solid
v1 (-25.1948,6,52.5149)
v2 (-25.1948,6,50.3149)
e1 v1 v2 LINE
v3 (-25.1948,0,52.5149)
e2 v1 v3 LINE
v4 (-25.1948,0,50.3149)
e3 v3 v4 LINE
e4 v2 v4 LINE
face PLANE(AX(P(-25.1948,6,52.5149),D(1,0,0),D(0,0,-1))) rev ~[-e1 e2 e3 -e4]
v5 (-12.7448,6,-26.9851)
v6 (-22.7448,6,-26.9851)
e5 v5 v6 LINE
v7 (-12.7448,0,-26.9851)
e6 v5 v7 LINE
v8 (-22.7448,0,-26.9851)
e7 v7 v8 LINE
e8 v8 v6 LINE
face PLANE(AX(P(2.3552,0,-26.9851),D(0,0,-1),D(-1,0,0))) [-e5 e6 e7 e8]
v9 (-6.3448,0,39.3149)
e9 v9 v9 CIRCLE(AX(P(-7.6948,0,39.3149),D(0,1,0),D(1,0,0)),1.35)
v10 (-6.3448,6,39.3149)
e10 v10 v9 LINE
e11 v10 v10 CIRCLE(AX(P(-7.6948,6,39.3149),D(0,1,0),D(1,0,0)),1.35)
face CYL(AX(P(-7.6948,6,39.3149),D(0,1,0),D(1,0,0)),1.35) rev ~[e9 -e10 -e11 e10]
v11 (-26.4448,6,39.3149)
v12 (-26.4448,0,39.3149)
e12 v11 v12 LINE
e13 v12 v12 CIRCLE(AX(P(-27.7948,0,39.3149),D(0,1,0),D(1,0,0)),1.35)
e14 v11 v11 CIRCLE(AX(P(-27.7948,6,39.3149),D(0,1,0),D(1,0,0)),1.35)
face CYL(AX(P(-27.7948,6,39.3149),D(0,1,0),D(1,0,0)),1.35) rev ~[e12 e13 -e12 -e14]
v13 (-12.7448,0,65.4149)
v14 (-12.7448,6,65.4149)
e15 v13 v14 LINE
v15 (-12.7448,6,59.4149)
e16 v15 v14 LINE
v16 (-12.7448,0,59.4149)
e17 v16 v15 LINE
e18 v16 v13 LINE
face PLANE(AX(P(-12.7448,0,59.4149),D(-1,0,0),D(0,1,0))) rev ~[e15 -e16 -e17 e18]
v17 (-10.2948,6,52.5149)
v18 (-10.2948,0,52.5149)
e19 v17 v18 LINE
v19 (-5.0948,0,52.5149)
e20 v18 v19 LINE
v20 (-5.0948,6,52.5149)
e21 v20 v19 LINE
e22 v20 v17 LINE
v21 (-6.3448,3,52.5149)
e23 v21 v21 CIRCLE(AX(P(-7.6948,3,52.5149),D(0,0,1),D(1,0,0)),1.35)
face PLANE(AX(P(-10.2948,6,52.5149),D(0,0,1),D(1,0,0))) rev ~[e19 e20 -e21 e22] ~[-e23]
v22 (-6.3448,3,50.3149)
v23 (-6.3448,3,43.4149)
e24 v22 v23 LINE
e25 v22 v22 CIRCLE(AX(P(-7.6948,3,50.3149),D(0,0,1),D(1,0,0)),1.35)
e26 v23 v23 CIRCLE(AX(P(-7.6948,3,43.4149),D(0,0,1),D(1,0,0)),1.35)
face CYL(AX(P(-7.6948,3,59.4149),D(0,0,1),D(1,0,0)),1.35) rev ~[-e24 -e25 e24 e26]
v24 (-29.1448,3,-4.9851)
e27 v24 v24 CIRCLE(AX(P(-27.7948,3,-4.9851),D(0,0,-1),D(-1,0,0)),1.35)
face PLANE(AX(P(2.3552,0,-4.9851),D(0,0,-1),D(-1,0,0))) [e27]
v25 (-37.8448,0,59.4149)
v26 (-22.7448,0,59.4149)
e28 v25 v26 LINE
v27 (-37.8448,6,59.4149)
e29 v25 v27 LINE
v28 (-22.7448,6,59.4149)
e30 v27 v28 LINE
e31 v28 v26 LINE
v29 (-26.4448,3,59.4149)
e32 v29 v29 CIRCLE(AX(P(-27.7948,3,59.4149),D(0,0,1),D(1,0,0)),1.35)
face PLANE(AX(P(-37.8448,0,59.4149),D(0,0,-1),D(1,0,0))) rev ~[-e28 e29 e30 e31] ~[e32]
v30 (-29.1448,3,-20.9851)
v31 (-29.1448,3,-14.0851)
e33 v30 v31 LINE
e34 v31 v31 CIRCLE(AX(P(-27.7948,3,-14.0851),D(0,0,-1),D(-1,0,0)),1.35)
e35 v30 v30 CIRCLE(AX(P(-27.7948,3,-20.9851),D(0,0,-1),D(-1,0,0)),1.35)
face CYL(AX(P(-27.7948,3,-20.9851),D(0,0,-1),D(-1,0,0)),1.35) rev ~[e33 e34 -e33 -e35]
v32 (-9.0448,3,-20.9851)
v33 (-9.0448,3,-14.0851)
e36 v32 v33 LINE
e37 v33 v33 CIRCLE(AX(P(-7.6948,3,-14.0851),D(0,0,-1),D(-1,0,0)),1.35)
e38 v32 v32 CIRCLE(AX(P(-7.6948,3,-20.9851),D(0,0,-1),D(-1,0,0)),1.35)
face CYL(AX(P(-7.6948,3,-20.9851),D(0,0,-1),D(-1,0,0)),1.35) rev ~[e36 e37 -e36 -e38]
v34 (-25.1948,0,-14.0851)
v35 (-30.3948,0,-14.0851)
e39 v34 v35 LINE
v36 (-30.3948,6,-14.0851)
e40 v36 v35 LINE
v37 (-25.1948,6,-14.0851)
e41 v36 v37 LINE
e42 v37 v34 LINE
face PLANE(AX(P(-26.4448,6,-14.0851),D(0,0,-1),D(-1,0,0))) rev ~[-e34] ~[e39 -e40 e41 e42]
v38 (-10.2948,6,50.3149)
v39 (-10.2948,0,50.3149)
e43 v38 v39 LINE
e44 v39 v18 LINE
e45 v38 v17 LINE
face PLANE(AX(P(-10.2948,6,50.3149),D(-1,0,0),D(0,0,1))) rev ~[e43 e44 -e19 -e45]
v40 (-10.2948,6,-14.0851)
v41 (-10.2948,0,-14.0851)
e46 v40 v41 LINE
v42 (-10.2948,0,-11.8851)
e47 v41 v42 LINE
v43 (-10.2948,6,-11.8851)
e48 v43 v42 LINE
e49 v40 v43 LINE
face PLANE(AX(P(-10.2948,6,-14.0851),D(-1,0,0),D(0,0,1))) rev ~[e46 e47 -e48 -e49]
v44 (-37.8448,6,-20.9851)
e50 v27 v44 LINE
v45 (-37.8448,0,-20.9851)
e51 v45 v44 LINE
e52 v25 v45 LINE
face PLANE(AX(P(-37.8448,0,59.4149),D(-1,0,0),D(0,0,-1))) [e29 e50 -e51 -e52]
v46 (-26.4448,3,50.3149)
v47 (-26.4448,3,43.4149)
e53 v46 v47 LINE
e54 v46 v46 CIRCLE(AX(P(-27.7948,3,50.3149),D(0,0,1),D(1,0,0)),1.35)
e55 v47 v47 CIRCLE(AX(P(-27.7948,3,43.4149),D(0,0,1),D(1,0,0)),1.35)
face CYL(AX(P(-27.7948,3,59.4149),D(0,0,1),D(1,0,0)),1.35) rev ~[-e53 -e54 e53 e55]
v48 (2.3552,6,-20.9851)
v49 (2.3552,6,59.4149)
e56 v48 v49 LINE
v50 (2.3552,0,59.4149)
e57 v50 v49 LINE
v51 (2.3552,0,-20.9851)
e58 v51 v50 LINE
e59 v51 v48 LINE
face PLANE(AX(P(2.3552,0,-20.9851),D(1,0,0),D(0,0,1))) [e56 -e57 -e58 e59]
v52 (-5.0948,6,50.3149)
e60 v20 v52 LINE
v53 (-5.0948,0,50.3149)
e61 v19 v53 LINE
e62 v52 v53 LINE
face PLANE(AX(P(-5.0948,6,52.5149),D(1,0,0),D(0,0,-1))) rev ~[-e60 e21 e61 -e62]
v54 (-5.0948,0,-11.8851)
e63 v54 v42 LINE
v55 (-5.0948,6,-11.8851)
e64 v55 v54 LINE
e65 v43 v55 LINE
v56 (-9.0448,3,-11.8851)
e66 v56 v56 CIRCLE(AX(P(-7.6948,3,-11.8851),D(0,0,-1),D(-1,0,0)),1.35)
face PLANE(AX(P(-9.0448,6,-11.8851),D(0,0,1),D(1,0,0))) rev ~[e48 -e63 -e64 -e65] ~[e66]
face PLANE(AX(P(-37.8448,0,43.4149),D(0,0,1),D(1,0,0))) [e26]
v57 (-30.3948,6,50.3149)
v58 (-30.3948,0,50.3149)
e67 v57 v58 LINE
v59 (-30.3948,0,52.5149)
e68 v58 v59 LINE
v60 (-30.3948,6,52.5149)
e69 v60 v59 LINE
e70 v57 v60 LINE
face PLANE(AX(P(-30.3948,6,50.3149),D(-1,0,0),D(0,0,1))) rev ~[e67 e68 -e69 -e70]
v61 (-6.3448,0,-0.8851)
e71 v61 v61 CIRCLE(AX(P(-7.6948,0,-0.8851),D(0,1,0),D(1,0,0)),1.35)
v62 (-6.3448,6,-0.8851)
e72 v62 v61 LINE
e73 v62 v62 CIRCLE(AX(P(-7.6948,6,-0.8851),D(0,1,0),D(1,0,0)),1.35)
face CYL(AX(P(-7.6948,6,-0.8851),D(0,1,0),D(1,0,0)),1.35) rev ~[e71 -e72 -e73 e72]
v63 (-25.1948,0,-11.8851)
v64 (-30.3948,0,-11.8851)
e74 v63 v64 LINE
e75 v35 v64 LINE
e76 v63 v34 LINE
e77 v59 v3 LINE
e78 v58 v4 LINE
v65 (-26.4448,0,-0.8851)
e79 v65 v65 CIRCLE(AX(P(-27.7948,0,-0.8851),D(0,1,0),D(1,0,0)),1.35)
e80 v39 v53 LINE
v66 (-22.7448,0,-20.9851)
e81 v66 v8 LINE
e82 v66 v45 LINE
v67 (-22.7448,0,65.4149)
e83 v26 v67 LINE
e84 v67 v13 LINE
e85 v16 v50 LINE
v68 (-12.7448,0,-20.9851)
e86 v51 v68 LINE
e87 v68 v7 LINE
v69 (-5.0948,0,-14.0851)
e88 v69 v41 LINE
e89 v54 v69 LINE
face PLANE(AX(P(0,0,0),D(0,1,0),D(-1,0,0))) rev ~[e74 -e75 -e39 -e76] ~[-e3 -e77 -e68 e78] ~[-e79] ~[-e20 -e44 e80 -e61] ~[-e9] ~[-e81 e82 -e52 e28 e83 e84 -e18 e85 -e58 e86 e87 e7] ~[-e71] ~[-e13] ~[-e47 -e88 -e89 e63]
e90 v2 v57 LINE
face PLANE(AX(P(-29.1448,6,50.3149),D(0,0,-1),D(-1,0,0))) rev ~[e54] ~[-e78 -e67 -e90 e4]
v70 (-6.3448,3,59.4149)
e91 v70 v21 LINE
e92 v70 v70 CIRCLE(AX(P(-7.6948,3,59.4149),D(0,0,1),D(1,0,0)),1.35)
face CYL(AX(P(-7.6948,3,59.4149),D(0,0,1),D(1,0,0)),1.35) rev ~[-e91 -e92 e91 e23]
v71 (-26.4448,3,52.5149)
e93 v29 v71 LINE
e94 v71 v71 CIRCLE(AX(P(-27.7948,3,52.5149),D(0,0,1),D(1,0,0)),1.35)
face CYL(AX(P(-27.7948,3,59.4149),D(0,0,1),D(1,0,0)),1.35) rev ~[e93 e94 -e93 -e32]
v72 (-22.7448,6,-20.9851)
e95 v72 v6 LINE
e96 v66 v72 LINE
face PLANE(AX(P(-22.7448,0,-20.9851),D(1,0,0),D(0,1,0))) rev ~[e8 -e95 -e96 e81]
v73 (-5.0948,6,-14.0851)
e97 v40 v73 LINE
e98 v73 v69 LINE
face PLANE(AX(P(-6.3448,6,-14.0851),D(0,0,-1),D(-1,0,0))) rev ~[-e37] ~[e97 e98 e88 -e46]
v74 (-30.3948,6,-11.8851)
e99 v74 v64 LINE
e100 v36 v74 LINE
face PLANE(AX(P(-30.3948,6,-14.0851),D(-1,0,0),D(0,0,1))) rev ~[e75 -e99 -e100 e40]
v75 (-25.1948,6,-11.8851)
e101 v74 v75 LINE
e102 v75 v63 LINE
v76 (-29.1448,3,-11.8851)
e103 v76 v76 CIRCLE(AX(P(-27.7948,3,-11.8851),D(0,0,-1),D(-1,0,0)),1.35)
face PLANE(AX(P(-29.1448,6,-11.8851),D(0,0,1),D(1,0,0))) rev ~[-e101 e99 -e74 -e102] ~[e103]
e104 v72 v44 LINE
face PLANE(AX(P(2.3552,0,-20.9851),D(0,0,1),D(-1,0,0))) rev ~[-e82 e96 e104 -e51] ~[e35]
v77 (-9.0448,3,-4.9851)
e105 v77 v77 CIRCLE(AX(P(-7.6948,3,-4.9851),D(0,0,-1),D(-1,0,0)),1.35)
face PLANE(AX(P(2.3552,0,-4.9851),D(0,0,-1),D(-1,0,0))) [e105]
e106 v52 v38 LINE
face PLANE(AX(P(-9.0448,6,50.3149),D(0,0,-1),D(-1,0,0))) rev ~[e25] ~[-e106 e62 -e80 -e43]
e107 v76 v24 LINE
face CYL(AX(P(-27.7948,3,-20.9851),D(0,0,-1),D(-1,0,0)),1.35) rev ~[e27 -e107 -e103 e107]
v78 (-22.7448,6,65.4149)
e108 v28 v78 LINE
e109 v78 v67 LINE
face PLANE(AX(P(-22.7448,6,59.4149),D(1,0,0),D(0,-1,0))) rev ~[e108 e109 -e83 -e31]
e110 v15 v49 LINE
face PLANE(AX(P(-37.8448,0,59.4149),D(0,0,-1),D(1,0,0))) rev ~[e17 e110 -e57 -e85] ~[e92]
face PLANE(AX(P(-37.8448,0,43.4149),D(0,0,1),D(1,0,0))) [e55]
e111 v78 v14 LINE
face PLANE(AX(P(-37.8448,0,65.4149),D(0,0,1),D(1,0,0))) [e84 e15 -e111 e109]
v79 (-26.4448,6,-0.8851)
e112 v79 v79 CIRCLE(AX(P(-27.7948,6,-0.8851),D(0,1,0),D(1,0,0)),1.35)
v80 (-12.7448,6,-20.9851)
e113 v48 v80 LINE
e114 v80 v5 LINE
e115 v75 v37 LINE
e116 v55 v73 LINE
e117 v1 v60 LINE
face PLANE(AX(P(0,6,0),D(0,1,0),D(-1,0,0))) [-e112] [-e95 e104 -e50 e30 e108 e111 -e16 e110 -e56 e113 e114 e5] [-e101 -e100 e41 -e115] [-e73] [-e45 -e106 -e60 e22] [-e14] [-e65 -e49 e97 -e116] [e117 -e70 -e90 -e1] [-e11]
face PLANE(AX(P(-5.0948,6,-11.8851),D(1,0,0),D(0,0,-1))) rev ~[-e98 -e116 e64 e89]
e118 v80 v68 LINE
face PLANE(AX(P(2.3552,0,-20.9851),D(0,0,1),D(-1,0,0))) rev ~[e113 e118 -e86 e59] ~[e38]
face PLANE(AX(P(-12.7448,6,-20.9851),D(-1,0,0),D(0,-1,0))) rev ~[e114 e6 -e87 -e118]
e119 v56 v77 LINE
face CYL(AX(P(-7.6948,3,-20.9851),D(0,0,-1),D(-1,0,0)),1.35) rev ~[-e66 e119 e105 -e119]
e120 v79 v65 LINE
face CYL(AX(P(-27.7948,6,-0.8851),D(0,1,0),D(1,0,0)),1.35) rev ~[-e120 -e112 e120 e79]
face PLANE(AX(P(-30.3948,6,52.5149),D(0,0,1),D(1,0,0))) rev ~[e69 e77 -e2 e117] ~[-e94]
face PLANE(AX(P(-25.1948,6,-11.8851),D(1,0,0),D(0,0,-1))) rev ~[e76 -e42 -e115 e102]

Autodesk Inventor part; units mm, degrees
ref_plane "YZ Plane" through (0, 0, 0) normal (1, 0, 0) x (0, 1, 0)
ref_plane "XZ Plane" through (0, 0, 0) normal (0, 1, 0) x (-1, 0, 0)
ref_plane "XY Plane" through (0, 0, 0) normal (0, 0, 1) x (1, 0, 0)
sketch "스케치1" plane through (0, 0, 0) normal (0, 1, 0) x (-1, 0, 0)
  circle A0 centre (7.6948, -23.9851) radius 1.45
  circle A1 centre (27.7948, -23.9851) radius 1.45
  line L0 (-2.3552, -20.9851) -> (37.8448, -20.9851)
  line L1 (-2.3552, -20.9851) -> (-2.3552, -26.9851)
  line L2 (37.8448, -26.9851) -> (-2.3552, -26.9851)
  line L3 (37.8448, -20.9851) -> (37.8448, -26.9851)
  circle A2 centre (27.7948, 62.4149) radius 1.45
  circle A3 centre (7.6948, 62.4149) radius 1.45
  line L4 (37.8448, 65.4149) -> (-2.3552, 65.4149)
  line L5 (-2.3552, 65.4149) -> (-2.3552, 59.4149)
  line L6 (37.8448, 59.4149) -> (-2.3552, 59.4149)
  line L7 (37.8448, 65.4149) -> (37.8448, 59.4149)
  line L8 (37.8448, -20.9851) -> (-2.3552, -20.9851)
  line L9 (-2.3552, -20.9851) -> (-2.3552, 59.4149)
  line L10 (-2.3552, 59.4149) -> (37.8448, 59.4149)
  line L11 (37.8448, 59.4149) -> (37.8448, -20.9851)
  point P0 (0, 0)
extrude "돌출1" add sketch "스케치1" along normal blind 6 contours L9 L6 L11 L0
sketch "스케치2" plane through (0, 6, 0) normal (0, 1, 0) x (1, 0, 0)
  line L0 (2.3552, 20.9851) -> (-37.8448, 20.9851) projected
  line L1 (-37.8448, 20.9851) -> (-37.8448, -59.4149) projected
  line L2 (-37.8448, -59.4149) -> (2.3552, -59.4149) projected
  line L3 (2.3552, -59.4149) -> (2.3552, 20.9851) projected
  line L4 (-47.7448, 30.7851) -> (12.2552, -69.2149) construction
  line L5 (12.2552, 30.7851) -> (-47.7448, -69.2149) construction
  circle A0 centre (-7.6948, -39.3149) radius 1.35
  circle A1 centre (-27.7948, -39.3149) radius 1.35
  circle A2 centre (-7.6948, 0.8851) radius 1.35
  circle A3 centre (-27.7948, 0.8851) radius 1.35
  point P0 (0, 0)
  dimension "d2" = 60
  dimension "d3" = 100
  dimension "d4" = 2.7
  dimension "d5" = 2.7
  dimension "d6" = 2.7
  dimension "d27" = 2.7
extrude "돌출2" cut sketch "스케치2" against normal blind 6 contours A0 | A1 | A2 | A3
sketch "스케치3" plane through (-37.8448, 0, 59.4149) normal (0, 0, 1) x (1, 0, 0)
  line L0 (0, 0) -> (40.2, 0) projected
  line L1 (40.2, 0) -> (40.2, 6) projected
  line L2 (0, 6) -> (40.2, 6) projected
  line L3 (0, 0) -> (0, 6) projected
  line L4 (0, 6) -> (10.05, 6)
  line L5 (10.05, 6) -> (30.15, 6)
  circle A0 centre (10.05, 3) radius 1.35
  circle A1 centre (30.15, 3) radius 1.35
  point P0 (37.8448, 0)
  dimension "d9" = 40.2
  dimension "d10" = 6
  dimension "d11" = 10.05
  dimension "d12" = 20.1
  dimension "d13" = 2.7
  dimension "d14" = 2.7
extrude "돌출3" cut sketch "스케치3" against normal blind 16 contours A0 | A1
sketch "스케치4" plane through (2.3552, 0, -20.9851) normal (0, 0, -1) x (-1, 0, 0)
  circle A0 centre (30.15, 3) radius 1.35 projected
  line L0 (11.4, 6) -> (11.4, 0) projected
  circle A1 centre (10.05, 3) radius 1.35 projected
  point P0 (2.3552, 0)
extrude "돌출4" cut sketch "스케치4" against normal blind 16
sketch "스케치5" plane through (0, 6, 0) normal (0, 1, 0) x (1, 0, 0)
  line L0 (-29.1448, 20.9851) -> (-29.1448, 4.9851) projected
  line L1 (-26.4448, 20.9851) -> (-26.4448, 4.9851) projected
  line L2 (-29.1448, 4.9851) -> (-26.4448, 4.9851) projected
  line L3 (-9.0448, 20.9851) -> (-9.0448, 4.9851) projected
  line L4 (-6.3448, 20.9851) -> (-6.3448, 4.9851) projected
  line L5 (-9.0448, 4.9851) -> (-6.3448, 4.9851) projected
  circle A0 centre (-7.6948, 0.8851) radius 1.35 projected
  circle A1 centre (-27.7948, 0.8851) radius 1.35 projected
  circle A2 centre (-7.6948, -39.3149) radius 1.35 projected
  circle A3 centre (-27.7948, -39.3149) radius 1.35 projected
  line L6 (2.3552, 20.9851) -> (-37.8448, 20.9851) projected
  line L7 (-37.8448, 20.9851) -> (-37.8448, -59.4149) projected
  line L8 (-37.8448, -59.4149) -> (2.3552, -59.4149) projected
  line L9 (2.3552, -59.4149) -> (2.3552, 20.9851) projected
  line L10 (-9.0448, -59.4149) -> (-9.0448, -43.4149) projected
  line L11 (-29.1448, -59.4149) -> (-29.1448, -43.4149) projected
  line L12 (-26.4448, -59.4149) -> (-26.4448, -43.4149) projected
  line L13 (-6.3448, -59.4149) -> (-6.3448, -43.4149) projected
  line L14 (-30.3948, -52.5149) -> (-25.1948, -52.5149)
  line L15 (-25.1948, -52.5149) -> (-25.1948, -50.3149)
  line L16 (-25.1948, -50.3149) -> (-30.3948, -50.3149)
  line L17 (-30.3948, -50.3149) -> (-30.3948, -52.5149)
  line L18 (-30.3948, -52.5149) -> (-25.1948, -50.3149) construction
  line L19 (-25.1948, -52.5149) -> (-30.3948, -50.3149) construction
  line L20 (-10.2948, -52.5149) -> (-5.0948, -52.5149)
  line L21 (-5.0948, -52.5149) -> (-5.0948, -50.3149)
  line L22 (-5.0948, -50.3149) -> (-10.2948, -50.3149)
  line L23 (-10.2948, -50.3149) -> (-10.2948, -52.5149)
  line L24 (-10.2948, -52.5149) -> (-5.0948, -50.3149) construction
  line L25 (-5.0948, -52.5149) -> (-10.2948, -50.3149) construction
  line L26 (-30.3948, 11.8851) -> (-25.1948, 11.8851)
  line L27 (-25.1948, 11.8851) -> (-25.1948, 14.0851)
  line L28 (-25.1948, 14.0851) -> (-30.3948, 14.0851)
  line L29 (-30.3948, 14.0851) -> (-30.3948, 11.8851)
  line L30 (-30.3948, 11.8851) -> (-25.1948, 14.0851) construction
  line L31 (-25.1948, 11.8851) -> (-30.3948, 14.0851) construction
  line L32 (-10.2948, 11.8851) -> (-5.0948, 11.8851)
  line L33 (-5.0948, 11.8851) -> (-5.0948, 14.0851)
  line L34 (-5.0948, 14.0851) -> (-10.2948, 14.0851)
  line L35 (-10.2948, 14.0851) -> (-10.2948, 11.8851)
  line L36 (-10.2948, 11.8851) -> (-5.0948, 14.0851) construction
  line L37 (-5.0948, 11.8851) -> (-10.2948, 14.0851) construction
  point P0 (0, 0)
  point P1 (-27.7948, -51.4149)
  point P2 (-7.6948, -51.4149)
  point P3 (-27.7948, 12.9851)
  point P4 (-7.6948, 12.9851)
  dimension "d34" = 5.2
  dimension "d35" = 2.2
  dimension "d36" = 5.2
  dimension "d37" = 2.2
  dimension "d38" = 5.2
  dimension "d39" = 2.2
  dimension "d40" = 5.2
  dimension "d41" = 2.2
extrude "돌출5" cut sketch "스케치5" against normal blind 6 contours L28 L1 L26 L0 | L0 L26 L29 L28 | L28 L27 L26 L1 | L34 L4 L32 L3 | L3 L32 L35 L34 | L34 L33 L32 L4 | L14 L17 L16 L11 | L11 L16 L12 L14 | L12 L16 L15 L14 | L20 L23 L22 L10 | L10 L22 L13 L20 | L13 L22 L21 L20
sketch "스케치6" plane through (-37.8448, 0, 59.4149) normal (0, 0, 1) x (1, 0, 0)
  circle A0 centre (30.15, 3) radius 1.35 projected
  circle A1 centre (10.05, 3) radius 1.35 projected
  line L0 (0, 0) -> (40.2, 0) projected
  line L1 (40.2, 0) -> (40.2, 6) projected
  line L2 (0, 6) -> (40.2, 6) projected
  line L3 (0, 0) -> (0, 6) projected
  line L4 (15.1, 0) -> (25.1, 0)
  line L5 (25.1, 0) -> (25.1, 6)
  line L6 (25.1, 6) -> (15.1, 6)
  line L7 (15.1, 6) -> (15.1, 0)
  line L8 (15.1, 0) -> (25.1, 6) construction
  line L9 (25.1, 0) -> (15.1, 6) construction
  point P0 (37.8448, 0)
  point P1 (20.1, 3)
  dimension "d28" = 10
extrude "돌출6" add sketch "스케치6" along normal blind 6 contours L7 L2 L5 L0
sketch "스케치7" plane through (2.3552, 0, -20.9851) normal (0, 0, -1) x (-1, 0, 0)
  line L0 (15.1, 6) -> (15.1, 0) projected
  line L1 (25.1, 0) -> (25.1, 6) projected
  circle A0 centre (30.15, 3) radius 1.35 projected
  circle A1 centre (10.05, 3) radius 1.35 projected
  line L2 (0, 0) -> (40.2, 0) projected
  line L3 (40.2, 0) -> (40.2, 6) projected
  line L4 (0, 6) -> (40.2, 6) projected
  line L5 (0, 0) -> (0, 6) projected
  point P0 (2.3552, 0)
extrude "돌출7" add sketch "스케치7" along normal blind 6 contours L4 L1 L2 L0
properties part number "feet_holder3" material "PMMA 플라스틱"
